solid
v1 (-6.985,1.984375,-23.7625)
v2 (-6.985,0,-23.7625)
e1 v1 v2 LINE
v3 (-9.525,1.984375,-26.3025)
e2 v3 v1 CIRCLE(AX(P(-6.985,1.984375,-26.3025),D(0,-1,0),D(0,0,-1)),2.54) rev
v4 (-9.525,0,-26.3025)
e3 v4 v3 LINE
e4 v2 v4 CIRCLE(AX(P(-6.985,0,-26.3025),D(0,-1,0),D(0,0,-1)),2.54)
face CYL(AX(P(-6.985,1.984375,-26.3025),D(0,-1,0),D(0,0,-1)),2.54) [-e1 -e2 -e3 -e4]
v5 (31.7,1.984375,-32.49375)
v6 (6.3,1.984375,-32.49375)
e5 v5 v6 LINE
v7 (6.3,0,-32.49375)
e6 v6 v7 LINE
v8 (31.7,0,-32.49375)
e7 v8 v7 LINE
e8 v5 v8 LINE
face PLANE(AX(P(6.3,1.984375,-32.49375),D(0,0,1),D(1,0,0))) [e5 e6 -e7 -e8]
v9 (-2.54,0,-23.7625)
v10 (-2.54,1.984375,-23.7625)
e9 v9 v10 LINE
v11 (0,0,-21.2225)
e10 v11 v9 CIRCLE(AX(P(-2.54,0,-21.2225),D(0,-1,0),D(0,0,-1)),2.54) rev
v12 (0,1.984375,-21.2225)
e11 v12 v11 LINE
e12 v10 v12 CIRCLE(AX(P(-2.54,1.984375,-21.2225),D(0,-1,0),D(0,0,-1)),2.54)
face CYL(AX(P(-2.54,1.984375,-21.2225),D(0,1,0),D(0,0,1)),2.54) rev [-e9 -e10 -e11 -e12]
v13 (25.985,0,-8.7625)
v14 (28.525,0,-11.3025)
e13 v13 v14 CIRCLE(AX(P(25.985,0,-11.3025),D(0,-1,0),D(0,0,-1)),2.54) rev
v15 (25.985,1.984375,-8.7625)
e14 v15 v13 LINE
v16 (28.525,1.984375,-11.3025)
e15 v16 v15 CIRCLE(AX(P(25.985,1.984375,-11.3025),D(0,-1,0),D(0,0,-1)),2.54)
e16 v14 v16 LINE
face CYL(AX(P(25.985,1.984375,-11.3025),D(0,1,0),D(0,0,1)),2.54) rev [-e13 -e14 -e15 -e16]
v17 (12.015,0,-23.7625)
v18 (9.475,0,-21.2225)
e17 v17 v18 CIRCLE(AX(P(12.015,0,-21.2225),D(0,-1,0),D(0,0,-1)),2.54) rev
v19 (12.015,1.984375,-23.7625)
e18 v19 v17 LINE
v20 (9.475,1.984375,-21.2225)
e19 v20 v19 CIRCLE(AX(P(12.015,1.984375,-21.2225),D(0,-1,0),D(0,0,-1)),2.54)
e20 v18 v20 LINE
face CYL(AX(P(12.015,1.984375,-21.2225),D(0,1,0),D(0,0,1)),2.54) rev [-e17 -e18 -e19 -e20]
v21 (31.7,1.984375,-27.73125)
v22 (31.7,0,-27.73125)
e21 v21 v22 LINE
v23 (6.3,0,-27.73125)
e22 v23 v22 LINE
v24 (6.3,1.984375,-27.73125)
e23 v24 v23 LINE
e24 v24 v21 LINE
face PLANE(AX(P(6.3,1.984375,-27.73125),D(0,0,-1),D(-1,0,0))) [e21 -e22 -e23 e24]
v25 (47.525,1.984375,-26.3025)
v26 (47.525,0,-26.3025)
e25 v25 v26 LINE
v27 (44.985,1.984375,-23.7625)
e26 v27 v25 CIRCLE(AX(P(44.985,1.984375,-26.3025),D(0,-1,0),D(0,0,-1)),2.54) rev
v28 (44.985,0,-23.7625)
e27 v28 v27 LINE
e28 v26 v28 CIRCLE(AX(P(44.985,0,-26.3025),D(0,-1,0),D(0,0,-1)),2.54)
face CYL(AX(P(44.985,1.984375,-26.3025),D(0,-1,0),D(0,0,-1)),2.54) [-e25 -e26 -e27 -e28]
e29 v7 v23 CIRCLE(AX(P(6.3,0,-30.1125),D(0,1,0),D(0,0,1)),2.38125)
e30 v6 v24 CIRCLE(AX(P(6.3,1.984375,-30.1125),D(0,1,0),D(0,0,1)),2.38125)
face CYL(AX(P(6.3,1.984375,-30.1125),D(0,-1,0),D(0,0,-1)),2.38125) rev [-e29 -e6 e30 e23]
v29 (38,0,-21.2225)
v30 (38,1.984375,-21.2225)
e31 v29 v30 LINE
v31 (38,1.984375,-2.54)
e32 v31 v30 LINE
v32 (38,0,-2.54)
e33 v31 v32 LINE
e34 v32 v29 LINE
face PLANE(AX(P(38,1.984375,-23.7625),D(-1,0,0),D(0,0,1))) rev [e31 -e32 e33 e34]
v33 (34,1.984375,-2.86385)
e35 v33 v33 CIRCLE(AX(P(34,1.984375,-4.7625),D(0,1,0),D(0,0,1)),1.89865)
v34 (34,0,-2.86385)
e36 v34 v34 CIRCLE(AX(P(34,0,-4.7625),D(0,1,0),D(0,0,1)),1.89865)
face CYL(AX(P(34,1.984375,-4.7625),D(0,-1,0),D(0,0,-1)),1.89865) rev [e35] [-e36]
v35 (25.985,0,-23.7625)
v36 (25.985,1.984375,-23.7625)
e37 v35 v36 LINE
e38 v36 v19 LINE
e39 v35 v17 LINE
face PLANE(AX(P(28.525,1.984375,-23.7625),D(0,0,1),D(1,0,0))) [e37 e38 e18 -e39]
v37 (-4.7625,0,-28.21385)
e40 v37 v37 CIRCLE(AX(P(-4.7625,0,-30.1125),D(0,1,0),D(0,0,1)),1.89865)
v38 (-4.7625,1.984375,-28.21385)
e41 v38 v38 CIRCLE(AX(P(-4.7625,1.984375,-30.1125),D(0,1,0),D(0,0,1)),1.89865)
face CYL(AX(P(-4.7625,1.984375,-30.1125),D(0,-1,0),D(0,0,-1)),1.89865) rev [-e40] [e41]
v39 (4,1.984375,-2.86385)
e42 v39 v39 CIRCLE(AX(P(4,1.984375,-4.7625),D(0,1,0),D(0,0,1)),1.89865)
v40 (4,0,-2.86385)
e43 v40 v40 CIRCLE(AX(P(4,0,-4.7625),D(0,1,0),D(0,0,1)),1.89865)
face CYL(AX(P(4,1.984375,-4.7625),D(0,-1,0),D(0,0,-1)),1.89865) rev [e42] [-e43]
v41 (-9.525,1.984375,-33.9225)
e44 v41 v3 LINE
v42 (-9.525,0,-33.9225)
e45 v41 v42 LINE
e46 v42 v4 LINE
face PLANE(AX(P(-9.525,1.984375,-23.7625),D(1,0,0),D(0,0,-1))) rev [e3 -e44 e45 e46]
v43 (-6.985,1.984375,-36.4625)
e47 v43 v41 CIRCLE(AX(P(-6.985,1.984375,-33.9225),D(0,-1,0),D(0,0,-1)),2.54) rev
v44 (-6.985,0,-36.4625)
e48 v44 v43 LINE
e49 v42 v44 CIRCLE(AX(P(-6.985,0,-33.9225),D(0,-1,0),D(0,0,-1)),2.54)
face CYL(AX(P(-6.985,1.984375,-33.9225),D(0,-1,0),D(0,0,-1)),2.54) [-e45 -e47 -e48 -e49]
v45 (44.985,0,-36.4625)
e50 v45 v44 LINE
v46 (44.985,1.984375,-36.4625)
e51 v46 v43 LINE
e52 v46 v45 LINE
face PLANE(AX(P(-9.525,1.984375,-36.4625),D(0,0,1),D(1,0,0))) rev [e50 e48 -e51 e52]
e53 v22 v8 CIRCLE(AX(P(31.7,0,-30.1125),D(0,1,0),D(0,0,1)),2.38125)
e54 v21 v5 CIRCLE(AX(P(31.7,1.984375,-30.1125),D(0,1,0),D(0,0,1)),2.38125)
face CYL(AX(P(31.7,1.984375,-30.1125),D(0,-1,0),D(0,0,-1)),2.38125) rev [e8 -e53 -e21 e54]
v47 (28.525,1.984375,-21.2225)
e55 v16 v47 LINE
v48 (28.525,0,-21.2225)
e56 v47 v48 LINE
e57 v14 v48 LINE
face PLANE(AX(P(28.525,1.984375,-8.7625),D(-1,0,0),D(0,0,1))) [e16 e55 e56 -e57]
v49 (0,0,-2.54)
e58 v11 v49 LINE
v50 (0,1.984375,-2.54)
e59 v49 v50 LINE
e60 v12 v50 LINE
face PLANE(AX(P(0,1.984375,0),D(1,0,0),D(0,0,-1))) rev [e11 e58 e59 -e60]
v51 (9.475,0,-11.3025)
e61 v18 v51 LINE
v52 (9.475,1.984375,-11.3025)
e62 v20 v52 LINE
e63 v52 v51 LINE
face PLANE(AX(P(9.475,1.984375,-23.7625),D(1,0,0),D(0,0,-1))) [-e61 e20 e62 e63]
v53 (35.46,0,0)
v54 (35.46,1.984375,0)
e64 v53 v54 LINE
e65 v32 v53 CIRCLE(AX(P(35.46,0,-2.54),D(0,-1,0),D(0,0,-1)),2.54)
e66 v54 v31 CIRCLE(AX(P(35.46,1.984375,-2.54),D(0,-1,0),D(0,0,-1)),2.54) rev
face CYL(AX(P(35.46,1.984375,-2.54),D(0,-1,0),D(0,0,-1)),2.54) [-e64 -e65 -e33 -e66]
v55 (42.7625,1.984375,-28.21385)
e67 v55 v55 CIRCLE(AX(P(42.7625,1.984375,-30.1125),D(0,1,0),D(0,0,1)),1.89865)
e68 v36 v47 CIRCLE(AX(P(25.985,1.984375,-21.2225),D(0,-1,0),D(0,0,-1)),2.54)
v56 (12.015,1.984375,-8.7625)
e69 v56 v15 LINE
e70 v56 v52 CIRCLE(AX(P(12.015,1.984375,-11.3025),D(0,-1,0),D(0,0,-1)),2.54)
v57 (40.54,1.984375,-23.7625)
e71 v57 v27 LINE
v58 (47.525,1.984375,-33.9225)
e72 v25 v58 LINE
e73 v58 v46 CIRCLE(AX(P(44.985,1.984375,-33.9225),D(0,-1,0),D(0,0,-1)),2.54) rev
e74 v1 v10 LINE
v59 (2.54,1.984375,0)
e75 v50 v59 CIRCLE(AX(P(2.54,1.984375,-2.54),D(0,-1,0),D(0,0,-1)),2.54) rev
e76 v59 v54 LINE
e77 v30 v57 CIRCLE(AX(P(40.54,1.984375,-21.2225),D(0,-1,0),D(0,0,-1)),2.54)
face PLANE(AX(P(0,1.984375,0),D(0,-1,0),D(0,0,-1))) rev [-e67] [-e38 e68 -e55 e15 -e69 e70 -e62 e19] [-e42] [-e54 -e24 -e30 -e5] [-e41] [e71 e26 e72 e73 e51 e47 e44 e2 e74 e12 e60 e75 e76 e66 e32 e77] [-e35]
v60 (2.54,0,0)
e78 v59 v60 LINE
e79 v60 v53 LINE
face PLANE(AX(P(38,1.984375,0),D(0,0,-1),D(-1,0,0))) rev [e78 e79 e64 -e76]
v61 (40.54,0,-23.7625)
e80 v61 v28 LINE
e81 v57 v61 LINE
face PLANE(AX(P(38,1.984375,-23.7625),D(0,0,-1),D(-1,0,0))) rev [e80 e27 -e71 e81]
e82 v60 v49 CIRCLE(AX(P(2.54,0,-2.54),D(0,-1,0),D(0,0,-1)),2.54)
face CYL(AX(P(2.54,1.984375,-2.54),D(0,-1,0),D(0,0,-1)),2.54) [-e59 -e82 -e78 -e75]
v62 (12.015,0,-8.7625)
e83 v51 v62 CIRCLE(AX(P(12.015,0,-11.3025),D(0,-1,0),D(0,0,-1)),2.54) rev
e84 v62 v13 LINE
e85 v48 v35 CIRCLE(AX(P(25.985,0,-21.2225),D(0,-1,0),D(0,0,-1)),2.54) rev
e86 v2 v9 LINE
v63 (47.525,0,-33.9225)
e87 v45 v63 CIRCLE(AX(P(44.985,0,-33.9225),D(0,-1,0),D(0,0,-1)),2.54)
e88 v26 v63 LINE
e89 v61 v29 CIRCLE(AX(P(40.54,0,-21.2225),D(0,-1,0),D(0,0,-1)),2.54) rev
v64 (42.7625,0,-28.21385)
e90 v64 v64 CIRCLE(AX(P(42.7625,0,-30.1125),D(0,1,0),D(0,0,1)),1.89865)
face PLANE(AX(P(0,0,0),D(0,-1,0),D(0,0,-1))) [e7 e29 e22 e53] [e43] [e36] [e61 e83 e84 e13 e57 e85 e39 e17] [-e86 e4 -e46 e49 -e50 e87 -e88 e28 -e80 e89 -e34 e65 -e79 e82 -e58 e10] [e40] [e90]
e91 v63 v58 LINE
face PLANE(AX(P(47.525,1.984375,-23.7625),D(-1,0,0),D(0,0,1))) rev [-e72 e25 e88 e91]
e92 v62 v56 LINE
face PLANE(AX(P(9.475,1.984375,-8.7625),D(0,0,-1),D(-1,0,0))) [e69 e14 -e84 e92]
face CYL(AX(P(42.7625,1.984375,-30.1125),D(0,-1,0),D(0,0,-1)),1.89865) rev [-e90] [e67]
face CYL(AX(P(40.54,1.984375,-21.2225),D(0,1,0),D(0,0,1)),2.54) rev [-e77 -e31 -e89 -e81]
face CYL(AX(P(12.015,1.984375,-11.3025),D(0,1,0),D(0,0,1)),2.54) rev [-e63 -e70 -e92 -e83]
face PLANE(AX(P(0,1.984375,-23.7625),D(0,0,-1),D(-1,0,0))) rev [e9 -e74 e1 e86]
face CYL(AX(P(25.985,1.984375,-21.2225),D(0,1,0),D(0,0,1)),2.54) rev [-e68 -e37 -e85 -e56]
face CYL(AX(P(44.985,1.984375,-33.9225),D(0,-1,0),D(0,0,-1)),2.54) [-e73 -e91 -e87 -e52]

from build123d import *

# Parameters (mm, degrees)
SKETCH2_R           = 1.89865
SKETCH2_W           = 19.05
SKETCH2_H           = 15
BOSS_EXTRUDE1_DEPTH = 1.984375
FILLET1_R           = 2.54


with BuildPart() as part:
    # Sketch2 → Boss-Extrude1 (new body)
    with BuildSketch(Plane(origin=(0, 0, 0), x_dir=(1, 0, 0), z_dir=(0, 1, 0))):
        Polygon((0, 0), (0, 23.7625), (-9.525, 23.7625), (-9.525, 36.4625), (0, 36.4625), (38, 36.4625), (47.525, 36.4625), (47.525, 23.7625), (38, 23.7625), (38, 0), (27.055231083, 0), align=None)
        with Locations(Location((34, 4.7625, 0), (0, 0, 270))):
            Circle(SKETCH2_R, mode=Mode.SUBTRACT)
        with Locations(Location((4, 4.7625, 0), (0, 0, 270))):
            Circle(SKETCH2_R, mode=Mode.SUBTRACT)
        with Locations(Location((-4.7625, 30.1125, 0), (0, 0, 270))):
            Circle(SKETCH2_R, mode=Mode.SUBTRACT)
        with Locations(Location((42.7625, 30.1125, 0), (0, 0, 270))):
            Circle(SKETCH2_R, mode=Mode.SUBTRACT)
        with Locations((19, 16.2625)):
            Rectangle(SKETCH2_W, SKETCH2_H, mode=Mode.SUBTRACT)
        with BuildLine():
            Line((6.3, 32.49375), (31.7, 32.49375))
            ThreePointArc((31.7, 32.49375), (34.08125, 30.1125), (31.7, 27.73125))
            Line((31.7, 27.73125), (6.3, 27.73125))
            ThreePointArc((6.3, 27.73125), (3.91875, 30.1125), (6.3, 32.49375))
        make_face(mode=Mode.SUBTRACT)
    extrude(amount=BOSS_EXTRUDE1_DEPTH)

    # Fillet1
    fillet1_edges = [part.edges().sort_by_distance(p)[0] for p in [
        (0, 0.9921875, 0),
        (0, 0.9921875, -23.7625),
        (-9.525, 0.9921875, -23.7625),
        (-9.525, 0.9921875, -36.4625),
        (47.525, 0.9921875, -36.4625),
        (47.525, 0.9921875, -23.7625),
        (38, 0.9921875, -23.7625),
        (38, 0.9921875, 0),
        (28.525, 0.9921875, -8.7625),
        (28.525, 0.9921875, -23.7625),
        (9.475, 0.9921875, -23.7625),
        (9.475, 0.9921875, -8.7625),
    ]]
    fillet(fillet1_edges, radius=FILLET1_R)


solid = part.part
